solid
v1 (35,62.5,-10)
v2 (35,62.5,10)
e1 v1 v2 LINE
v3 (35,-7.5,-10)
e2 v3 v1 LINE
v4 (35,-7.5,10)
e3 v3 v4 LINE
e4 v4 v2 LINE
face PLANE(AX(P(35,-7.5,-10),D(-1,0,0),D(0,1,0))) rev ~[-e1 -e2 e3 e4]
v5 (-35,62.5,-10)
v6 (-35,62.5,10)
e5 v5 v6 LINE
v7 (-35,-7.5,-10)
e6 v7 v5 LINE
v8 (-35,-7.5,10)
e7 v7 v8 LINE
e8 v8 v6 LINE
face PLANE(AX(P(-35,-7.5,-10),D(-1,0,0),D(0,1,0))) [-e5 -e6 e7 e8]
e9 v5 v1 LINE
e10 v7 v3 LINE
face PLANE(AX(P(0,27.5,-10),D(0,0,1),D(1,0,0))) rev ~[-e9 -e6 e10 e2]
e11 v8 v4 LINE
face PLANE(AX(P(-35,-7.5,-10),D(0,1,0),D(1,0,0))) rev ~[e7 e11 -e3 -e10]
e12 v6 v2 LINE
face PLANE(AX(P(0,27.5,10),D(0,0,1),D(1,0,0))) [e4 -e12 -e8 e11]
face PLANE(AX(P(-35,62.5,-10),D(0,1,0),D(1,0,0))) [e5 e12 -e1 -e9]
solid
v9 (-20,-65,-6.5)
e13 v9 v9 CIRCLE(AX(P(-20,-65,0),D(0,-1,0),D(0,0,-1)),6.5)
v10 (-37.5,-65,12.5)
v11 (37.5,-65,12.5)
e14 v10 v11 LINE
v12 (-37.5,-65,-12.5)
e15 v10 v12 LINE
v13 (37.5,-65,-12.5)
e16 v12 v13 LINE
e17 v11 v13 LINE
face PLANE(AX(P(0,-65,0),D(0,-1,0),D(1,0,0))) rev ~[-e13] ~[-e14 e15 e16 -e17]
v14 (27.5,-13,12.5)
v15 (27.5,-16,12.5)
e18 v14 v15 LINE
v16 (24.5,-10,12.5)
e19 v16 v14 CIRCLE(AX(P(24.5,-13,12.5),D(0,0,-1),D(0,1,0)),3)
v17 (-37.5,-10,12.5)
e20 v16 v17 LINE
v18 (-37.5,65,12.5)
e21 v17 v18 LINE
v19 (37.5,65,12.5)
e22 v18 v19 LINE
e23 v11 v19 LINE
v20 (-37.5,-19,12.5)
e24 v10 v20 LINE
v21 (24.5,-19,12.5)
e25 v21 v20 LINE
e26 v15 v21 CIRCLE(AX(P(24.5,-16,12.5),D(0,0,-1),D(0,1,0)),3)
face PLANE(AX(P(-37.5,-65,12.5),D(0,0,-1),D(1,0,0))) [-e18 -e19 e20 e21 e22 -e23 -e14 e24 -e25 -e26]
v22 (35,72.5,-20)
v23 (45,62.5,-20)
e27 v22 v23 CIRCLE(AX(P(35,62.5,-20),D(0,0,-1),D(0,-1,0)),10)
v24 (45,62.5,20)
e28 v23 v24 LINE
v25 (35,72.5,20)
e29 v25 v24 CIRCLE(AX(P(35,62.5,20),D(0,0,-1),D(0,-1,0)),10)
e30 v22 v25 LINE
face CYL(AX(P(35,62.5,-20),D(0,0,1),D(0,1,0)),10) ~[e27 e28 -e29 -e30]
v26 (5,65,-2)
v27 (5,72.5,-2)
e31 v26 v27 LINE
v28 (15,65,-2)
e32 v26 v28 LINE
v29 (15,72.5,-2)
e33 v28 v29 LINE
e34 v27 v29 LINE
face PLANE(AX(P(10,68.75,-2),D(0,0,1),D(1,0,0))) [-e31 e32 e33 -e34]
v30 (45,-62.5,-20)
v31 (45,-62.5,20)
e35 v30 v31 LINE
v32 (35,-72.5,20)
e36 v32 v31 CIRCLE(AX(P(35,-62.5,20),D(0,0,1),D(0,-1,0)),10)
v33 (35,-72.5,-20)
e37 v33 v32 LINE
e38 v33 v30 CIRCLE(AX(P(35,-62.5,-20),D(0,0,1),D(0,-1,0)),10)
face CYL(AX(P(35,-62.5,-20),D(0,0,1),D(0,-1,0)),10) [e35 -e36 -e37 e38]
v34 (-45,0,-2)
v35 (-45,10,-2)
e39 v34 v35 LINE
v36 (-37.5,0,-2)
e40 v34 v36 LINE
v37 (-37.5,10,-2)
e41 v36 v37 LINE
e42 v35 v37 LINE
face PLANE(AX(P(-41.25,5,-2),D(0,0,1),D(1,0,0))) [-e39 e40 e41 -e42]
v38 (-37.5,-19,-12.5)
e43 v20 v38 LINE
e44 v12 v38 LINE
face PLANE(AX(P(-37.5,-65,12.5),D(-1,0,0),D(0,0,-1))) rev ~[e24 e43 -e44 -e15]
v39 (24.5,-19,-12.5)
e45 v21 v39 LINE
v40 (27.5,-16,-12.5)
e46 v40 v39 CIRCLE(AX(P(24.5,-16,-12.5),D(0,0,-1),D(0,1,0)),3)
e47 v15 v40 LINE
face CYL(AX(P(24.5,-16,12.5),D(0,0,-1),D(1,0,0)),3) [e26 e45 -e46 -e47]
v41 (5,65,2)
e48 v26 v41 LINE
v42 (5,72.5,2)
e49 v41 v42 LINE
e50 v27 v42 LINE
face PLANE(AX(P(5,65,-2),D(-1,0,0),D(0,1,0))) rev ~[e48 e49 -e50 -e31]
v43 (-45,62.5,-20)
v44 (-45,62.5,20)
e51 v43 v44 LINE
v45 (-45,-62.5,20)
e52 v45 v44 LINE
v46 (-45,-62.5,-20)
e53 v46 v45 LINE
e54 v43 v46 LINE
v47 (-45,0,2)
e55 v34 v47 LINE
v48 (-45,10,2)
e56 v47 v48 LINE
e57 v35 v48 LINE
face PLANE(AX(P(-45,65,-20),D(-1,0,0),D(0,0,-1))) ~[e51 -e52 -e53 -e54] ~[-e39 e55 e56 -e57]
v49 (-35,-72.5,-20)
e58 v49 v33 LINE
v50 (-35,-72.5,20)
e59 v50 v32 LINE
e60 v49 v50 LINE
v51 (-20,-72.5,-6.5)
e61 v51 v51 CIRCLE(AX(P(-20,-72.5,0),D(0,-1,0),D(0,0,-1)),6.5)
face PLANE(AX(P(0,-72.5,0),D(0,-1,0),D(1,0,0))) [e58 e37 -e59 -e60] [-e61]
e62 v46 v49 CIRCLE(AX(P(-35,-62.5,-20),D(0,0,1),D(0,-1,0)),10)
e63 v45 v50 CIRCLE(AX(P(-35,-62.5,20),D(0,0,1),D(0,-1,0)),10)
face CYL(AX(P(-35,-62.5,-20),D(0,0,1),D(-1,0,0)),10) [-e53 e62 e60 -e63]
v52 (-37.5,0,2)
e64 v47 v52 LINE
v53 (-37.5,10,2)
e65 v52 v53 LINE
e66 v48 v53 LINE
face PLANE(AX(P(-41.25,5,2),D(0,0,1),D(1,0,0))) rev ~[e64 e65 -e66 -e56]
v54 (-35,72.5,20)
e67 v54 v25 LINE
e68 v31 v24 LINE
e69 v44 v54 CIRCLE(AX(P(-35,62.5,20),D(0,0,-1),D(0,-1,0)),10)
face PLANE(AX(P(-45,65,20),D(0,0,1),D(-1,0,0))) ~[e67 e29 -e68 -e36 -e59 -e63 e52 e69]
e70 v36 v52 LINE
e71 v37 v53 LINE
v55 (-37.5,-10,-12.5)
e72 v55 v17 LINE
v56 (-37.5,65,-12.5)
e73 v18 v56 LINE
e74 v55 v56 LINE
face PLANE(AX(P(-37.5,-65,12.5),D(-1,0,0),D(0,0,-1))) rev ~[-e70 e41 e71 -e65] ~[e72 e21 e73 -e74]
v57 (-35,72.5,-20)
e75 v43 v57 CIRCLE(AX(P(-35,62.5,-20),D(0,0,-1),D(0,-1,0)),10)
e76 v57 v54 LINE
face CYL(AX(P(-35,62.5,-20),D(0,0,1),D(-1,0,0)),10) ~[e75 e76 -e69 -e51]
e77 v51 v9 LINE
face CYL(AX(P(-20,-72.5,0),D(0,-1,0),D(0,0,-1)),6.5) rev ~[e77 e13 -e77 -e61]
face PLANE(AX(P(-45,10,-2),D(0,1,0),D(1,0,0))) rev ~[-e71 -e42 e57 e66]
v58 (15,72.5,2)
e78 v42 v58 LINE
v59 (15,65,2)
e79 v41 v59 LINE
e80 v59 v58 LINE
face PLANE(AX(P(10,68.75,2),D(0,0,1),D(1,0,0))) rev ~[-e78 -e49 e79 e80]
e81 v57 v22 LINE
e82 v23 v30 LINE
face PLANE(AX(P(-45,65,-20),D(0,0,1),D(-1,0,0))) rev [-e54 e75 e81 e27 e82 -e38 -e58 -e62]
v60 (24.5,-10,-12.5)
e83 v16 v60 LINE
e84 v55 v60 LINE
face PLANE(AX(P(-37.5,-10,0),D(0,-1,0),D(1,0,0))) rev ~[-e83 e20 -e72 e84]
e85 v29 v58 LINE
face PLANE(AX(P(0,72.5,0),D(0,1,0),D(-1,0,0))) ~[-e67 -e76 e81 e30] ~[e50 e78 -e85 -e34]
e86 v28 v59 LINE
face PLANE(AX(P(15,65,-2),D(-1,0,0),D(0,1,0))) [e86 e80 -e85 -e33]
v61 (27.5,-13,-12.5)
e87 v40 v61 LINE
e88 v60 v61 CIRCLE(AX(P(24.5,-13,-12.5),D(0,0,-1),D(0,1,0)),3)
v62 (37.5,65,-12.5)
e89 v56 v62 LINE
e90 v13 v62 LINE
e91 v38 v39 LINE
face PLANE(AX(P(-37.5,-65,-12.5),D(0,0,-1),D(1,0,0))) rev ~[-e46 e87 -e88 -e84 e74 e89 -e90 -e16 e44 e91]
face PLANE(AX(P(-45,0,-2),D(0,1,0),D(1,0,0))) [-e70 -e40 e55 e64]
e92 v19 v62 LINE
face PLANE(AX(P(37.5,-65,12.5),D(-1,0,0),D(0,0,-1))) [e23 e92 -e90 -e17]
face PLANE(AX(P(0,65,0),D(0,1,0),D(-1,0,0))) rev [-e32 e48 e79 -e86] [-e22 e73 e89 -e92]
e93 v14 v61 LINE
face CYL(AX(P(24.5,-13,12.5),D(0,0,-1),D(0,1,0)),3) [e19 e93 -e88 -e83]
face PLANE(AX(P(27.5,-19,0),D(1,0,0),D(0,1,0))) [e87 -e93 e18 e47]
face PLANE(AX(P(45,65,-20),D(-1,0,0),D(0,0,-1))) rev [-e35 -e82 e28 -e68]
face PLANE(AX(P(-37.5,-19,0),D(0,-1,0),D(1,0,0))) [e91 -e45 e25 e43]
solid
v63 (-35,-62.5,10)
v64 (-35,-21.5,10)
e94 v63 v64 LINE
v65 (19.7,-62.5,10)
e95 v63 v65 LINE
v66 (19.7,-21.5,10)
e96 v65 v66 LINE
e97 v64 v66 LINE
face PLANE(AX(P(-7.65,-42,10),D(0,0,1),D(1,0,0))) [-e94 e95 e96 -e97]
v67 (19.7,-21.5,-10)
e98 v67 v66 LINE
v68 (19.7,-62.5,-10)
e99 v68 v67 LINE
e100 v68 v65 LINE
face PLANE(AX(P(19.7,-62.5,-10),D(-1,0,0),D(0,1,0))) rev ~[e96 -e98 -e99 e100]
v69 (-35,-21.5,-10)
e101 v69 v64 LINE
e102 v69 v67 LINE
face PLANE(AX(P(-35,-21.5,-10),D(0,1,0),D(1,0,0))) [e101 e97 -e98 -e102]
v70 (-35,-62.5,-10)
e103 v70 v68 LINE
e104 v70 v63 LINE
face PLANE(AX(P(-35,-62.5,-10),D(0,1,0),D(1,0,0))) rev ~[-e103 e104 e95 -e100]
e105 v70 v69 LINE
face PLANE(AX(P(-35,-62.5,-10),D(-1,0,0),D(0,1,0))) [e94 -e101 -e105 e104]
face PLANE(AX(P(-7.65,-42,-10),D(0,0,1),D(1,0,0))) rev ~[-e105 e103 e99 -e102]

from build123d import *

# Parameters (mm, degrees)
BOSS_EXTRUDE2_DEPTH             = 65
BOSS_EXTRUDE2_DEPTH_BACK        = 65
SKETCH1_W                       = 90
SKETCH1_H                       = 40
SKETCH1_W_2                     = 75
SKETCH1_H_2                     = 25
SKETCH2_W                       = 90
SKETCH2_H                       = 40
BOSS_EXTRUDE3_DEPTH             = 7.5
CUT_EXTRUDE1_REACH              = 155.134
SKETCH3_R                       = 6.5
BOSS_EXTRUDE4_DEPTH             = 10
BOSS_EXTRUDE4_DEPTH_BACK        = 10
SKETCH6_W                       = 70
SKETCH6_H                       = 70
BOSS_EXTRUDE4_2_DEPTH           = 10
BOSS_EXTRUDE4_2_DEPTH_BACK      = 10
SKETCH6_W_2                     = 54.7
SKETCH6_H_2                     = 41
BOSS_EXTRUDE5_REACH             = 89.643
SKETCH7_W                       = 65
SKETCH7_H                       = 9
BOSS_EXTRUDE5_DIRECTION_2_REACH = 89.643
CUT_EXTRUDE2_DEPTH              = 2
CUT_EXTRUDE2_DEPTH_BACK         = 2
SKETCH9_W                       = 10
SKETCH9_H                       = 7.5
SKETCH9_W_2                     = 7.5
SKETCH9_H_2                     = 10
FILLET1_R                       = 10
FILLET2_R                       = 3


with BuildPart() as part:
    # Sketch1 → Boss-Extrude2 (new, two sides: drawn at the far end of the back side and taken through both)
    with BuildSketch(Plane(origin=(0, 0, 0), x_dir=(1, 0, 0), z_dir=(0, 1, 0)).offset(-BOSS_EXTRUDE2_DEPTH_BACK)):
        Rectangle(SKETCH1_W, SKETCH1_H)
        Rectangle(SKETCH1_W_2, SKETCH1_H_2, mode=Mode.SUBTRACT)
    extrude(amount=BOSS_EXTRUDE2_DEPTH + BOSS_EXTRUDE2_DEPTH_BACK)

    # Sketch2 → Boss-Extrude3 (add)
    with BuildSketch(Plane.XZ.offset(65)):
        Rectangle(SKETCH2_W, SKETCH2_H)
    boss_extrude3 = extrude(amount=BOSS_EXTRUDE3_DEPTH)

    # Mirror1: Boss-Extrude3 across plane
    add(boss_extrude3.mirror(Plane.ZX))

    # Sketch3 → Cut-Extrude1 (cut, up to next)
    with BuildSketch(Plane.XZ.offset(72.5), mode=Mode.PRIVATE) as cut_extrude1_sk1:
        with Locations((-20, 0)):
            Circle(SKETCH3_R)
    cut_extrude1_tool1 = extrude(cut_extrude1_sk1.sketch, amount=-CUT_EXTRUDE1_REACH, mode=Mode.PRIVATE) & part.part
    add(cut_extrude1_tool1.solids().sort_by_distance((-20, -72.5, 0))[0], mode=Mode.SUBTRACT)

    # Sketch7 → Boss-Extrude5 (add, up to next)
    with BuildSketch(Plane.XY, mode=Mode.PRIVATE) as boss_extrude5_sk1:
        with Locations((-5, -14.5)):
            Rectangle(SKETCH7_W, SKETCH7_H)
    boss_extrude5_tool1 = extrude(boss_extrude5_sk1.sketch, amount=BOSS_EXTRUDE5_REACH, mode=Mode.PRIVATE) - part.part
    add(boss_extrude5_tool1.solids().sort_by_distance((-5, -14.5, 0))[0])

    # Sketch7 → Boss-Extrude5 direction 2 (add, up to next)
    with BuildSketch(Plane.XY, mode=Mode.PRIVATE) as boss_extrude5_direction_2_sk1:
        with Locations((-5, -14.5)):
            Rectangle(SKETCH7_W, SKETCH7_H)
    boss_extrude5_direction_2_tool1 = extrude(boss_extrude5_direction_2_sk1.sketch, amount=-BOSS_EXTRUDE5_DIRECTION_2_REACH, mode=Mode.PRIVATE) - part.part
    add(boss_extrude5_direction_2_tool1.solids().sort_by_distance((-5, -14.5, 0))[0])

    # Sketch9 → Cut-Extrude2 (cut, two sides: drawn at the far end of the back side and taken through both)
    with BuildSketch(Plane.XY.offset(-CUT_EXTRUDE2_DEPTH_BACK)):
        with Locations((10, 68.75)):
            Rectangle(SKETCH9_W, SKETCH9_H)
        with Locations((-41.25, 5)):
            Rectangle(SKETCH9_W_2, SKETCH9_H_2)
    extrude(amount=CUT_EXTRUDE2_DEPTH + CUT_EXTRUDE2_DEPTH_BACK, mode=Mode.SUBTRACT)

    # Fillet1
    fillet1_edges = [part.edges().sort_by_distance(p)[0] for p in [
        (-45, 72.5, 0),
        (-45, -72.5, 0),
        (45, -72.5, 0),
        (45, 72.5, 0),
    ]]
    fillet(fillet1_edges, radius=FILLET1_R)

    # Fillet2
    fillet2_edges = [part.edges().sort_by_distance(p)[0] for p in [
        (27.5, -19, 0),
        (27.5, -10, 0),
    ]]
    fillet(fillet2_edges, radius=FILLET2_R)


with BuildPart() as body_2:
    # Sketch6 → Boss-Extrude4 (new, two sides: drawn at the far end of the back side and taken through both)
    with BuildSketch(Plane.XY.offset(-BOSS_EXTRUDE4_DEPTH_BACK)):
        with Locations((0, 27.5)):
            Rectangle(SKETCH6_W, SKETCH6_H)
    extrude(amount=BOSS_EXTRUDE4_DEPTH + BOSS_EXTRUDE4_DEPTH_BACK)


with BuildPart() as body_3:
    # Sketch6 → Boss-Extrude4 2 (new, two sides: drawn at the far end of the back side and taken through both)
    with BuildSketch(Plane.XY.offset(-BOSS_EXTRUDE4_2_DEPTH_BACK)):
        with Locations((-7.65, -42)):
            Rectangle(SKETCH6_W_2, SKETCH6_H_2)
    extrude(amount=BOSS_EXTRUDE4_2_DEPTH + BOSS_EXTRUDE4_2_DEPTH_BACK)


solid = Compound([part.part, body_2.part, body_3.part])
